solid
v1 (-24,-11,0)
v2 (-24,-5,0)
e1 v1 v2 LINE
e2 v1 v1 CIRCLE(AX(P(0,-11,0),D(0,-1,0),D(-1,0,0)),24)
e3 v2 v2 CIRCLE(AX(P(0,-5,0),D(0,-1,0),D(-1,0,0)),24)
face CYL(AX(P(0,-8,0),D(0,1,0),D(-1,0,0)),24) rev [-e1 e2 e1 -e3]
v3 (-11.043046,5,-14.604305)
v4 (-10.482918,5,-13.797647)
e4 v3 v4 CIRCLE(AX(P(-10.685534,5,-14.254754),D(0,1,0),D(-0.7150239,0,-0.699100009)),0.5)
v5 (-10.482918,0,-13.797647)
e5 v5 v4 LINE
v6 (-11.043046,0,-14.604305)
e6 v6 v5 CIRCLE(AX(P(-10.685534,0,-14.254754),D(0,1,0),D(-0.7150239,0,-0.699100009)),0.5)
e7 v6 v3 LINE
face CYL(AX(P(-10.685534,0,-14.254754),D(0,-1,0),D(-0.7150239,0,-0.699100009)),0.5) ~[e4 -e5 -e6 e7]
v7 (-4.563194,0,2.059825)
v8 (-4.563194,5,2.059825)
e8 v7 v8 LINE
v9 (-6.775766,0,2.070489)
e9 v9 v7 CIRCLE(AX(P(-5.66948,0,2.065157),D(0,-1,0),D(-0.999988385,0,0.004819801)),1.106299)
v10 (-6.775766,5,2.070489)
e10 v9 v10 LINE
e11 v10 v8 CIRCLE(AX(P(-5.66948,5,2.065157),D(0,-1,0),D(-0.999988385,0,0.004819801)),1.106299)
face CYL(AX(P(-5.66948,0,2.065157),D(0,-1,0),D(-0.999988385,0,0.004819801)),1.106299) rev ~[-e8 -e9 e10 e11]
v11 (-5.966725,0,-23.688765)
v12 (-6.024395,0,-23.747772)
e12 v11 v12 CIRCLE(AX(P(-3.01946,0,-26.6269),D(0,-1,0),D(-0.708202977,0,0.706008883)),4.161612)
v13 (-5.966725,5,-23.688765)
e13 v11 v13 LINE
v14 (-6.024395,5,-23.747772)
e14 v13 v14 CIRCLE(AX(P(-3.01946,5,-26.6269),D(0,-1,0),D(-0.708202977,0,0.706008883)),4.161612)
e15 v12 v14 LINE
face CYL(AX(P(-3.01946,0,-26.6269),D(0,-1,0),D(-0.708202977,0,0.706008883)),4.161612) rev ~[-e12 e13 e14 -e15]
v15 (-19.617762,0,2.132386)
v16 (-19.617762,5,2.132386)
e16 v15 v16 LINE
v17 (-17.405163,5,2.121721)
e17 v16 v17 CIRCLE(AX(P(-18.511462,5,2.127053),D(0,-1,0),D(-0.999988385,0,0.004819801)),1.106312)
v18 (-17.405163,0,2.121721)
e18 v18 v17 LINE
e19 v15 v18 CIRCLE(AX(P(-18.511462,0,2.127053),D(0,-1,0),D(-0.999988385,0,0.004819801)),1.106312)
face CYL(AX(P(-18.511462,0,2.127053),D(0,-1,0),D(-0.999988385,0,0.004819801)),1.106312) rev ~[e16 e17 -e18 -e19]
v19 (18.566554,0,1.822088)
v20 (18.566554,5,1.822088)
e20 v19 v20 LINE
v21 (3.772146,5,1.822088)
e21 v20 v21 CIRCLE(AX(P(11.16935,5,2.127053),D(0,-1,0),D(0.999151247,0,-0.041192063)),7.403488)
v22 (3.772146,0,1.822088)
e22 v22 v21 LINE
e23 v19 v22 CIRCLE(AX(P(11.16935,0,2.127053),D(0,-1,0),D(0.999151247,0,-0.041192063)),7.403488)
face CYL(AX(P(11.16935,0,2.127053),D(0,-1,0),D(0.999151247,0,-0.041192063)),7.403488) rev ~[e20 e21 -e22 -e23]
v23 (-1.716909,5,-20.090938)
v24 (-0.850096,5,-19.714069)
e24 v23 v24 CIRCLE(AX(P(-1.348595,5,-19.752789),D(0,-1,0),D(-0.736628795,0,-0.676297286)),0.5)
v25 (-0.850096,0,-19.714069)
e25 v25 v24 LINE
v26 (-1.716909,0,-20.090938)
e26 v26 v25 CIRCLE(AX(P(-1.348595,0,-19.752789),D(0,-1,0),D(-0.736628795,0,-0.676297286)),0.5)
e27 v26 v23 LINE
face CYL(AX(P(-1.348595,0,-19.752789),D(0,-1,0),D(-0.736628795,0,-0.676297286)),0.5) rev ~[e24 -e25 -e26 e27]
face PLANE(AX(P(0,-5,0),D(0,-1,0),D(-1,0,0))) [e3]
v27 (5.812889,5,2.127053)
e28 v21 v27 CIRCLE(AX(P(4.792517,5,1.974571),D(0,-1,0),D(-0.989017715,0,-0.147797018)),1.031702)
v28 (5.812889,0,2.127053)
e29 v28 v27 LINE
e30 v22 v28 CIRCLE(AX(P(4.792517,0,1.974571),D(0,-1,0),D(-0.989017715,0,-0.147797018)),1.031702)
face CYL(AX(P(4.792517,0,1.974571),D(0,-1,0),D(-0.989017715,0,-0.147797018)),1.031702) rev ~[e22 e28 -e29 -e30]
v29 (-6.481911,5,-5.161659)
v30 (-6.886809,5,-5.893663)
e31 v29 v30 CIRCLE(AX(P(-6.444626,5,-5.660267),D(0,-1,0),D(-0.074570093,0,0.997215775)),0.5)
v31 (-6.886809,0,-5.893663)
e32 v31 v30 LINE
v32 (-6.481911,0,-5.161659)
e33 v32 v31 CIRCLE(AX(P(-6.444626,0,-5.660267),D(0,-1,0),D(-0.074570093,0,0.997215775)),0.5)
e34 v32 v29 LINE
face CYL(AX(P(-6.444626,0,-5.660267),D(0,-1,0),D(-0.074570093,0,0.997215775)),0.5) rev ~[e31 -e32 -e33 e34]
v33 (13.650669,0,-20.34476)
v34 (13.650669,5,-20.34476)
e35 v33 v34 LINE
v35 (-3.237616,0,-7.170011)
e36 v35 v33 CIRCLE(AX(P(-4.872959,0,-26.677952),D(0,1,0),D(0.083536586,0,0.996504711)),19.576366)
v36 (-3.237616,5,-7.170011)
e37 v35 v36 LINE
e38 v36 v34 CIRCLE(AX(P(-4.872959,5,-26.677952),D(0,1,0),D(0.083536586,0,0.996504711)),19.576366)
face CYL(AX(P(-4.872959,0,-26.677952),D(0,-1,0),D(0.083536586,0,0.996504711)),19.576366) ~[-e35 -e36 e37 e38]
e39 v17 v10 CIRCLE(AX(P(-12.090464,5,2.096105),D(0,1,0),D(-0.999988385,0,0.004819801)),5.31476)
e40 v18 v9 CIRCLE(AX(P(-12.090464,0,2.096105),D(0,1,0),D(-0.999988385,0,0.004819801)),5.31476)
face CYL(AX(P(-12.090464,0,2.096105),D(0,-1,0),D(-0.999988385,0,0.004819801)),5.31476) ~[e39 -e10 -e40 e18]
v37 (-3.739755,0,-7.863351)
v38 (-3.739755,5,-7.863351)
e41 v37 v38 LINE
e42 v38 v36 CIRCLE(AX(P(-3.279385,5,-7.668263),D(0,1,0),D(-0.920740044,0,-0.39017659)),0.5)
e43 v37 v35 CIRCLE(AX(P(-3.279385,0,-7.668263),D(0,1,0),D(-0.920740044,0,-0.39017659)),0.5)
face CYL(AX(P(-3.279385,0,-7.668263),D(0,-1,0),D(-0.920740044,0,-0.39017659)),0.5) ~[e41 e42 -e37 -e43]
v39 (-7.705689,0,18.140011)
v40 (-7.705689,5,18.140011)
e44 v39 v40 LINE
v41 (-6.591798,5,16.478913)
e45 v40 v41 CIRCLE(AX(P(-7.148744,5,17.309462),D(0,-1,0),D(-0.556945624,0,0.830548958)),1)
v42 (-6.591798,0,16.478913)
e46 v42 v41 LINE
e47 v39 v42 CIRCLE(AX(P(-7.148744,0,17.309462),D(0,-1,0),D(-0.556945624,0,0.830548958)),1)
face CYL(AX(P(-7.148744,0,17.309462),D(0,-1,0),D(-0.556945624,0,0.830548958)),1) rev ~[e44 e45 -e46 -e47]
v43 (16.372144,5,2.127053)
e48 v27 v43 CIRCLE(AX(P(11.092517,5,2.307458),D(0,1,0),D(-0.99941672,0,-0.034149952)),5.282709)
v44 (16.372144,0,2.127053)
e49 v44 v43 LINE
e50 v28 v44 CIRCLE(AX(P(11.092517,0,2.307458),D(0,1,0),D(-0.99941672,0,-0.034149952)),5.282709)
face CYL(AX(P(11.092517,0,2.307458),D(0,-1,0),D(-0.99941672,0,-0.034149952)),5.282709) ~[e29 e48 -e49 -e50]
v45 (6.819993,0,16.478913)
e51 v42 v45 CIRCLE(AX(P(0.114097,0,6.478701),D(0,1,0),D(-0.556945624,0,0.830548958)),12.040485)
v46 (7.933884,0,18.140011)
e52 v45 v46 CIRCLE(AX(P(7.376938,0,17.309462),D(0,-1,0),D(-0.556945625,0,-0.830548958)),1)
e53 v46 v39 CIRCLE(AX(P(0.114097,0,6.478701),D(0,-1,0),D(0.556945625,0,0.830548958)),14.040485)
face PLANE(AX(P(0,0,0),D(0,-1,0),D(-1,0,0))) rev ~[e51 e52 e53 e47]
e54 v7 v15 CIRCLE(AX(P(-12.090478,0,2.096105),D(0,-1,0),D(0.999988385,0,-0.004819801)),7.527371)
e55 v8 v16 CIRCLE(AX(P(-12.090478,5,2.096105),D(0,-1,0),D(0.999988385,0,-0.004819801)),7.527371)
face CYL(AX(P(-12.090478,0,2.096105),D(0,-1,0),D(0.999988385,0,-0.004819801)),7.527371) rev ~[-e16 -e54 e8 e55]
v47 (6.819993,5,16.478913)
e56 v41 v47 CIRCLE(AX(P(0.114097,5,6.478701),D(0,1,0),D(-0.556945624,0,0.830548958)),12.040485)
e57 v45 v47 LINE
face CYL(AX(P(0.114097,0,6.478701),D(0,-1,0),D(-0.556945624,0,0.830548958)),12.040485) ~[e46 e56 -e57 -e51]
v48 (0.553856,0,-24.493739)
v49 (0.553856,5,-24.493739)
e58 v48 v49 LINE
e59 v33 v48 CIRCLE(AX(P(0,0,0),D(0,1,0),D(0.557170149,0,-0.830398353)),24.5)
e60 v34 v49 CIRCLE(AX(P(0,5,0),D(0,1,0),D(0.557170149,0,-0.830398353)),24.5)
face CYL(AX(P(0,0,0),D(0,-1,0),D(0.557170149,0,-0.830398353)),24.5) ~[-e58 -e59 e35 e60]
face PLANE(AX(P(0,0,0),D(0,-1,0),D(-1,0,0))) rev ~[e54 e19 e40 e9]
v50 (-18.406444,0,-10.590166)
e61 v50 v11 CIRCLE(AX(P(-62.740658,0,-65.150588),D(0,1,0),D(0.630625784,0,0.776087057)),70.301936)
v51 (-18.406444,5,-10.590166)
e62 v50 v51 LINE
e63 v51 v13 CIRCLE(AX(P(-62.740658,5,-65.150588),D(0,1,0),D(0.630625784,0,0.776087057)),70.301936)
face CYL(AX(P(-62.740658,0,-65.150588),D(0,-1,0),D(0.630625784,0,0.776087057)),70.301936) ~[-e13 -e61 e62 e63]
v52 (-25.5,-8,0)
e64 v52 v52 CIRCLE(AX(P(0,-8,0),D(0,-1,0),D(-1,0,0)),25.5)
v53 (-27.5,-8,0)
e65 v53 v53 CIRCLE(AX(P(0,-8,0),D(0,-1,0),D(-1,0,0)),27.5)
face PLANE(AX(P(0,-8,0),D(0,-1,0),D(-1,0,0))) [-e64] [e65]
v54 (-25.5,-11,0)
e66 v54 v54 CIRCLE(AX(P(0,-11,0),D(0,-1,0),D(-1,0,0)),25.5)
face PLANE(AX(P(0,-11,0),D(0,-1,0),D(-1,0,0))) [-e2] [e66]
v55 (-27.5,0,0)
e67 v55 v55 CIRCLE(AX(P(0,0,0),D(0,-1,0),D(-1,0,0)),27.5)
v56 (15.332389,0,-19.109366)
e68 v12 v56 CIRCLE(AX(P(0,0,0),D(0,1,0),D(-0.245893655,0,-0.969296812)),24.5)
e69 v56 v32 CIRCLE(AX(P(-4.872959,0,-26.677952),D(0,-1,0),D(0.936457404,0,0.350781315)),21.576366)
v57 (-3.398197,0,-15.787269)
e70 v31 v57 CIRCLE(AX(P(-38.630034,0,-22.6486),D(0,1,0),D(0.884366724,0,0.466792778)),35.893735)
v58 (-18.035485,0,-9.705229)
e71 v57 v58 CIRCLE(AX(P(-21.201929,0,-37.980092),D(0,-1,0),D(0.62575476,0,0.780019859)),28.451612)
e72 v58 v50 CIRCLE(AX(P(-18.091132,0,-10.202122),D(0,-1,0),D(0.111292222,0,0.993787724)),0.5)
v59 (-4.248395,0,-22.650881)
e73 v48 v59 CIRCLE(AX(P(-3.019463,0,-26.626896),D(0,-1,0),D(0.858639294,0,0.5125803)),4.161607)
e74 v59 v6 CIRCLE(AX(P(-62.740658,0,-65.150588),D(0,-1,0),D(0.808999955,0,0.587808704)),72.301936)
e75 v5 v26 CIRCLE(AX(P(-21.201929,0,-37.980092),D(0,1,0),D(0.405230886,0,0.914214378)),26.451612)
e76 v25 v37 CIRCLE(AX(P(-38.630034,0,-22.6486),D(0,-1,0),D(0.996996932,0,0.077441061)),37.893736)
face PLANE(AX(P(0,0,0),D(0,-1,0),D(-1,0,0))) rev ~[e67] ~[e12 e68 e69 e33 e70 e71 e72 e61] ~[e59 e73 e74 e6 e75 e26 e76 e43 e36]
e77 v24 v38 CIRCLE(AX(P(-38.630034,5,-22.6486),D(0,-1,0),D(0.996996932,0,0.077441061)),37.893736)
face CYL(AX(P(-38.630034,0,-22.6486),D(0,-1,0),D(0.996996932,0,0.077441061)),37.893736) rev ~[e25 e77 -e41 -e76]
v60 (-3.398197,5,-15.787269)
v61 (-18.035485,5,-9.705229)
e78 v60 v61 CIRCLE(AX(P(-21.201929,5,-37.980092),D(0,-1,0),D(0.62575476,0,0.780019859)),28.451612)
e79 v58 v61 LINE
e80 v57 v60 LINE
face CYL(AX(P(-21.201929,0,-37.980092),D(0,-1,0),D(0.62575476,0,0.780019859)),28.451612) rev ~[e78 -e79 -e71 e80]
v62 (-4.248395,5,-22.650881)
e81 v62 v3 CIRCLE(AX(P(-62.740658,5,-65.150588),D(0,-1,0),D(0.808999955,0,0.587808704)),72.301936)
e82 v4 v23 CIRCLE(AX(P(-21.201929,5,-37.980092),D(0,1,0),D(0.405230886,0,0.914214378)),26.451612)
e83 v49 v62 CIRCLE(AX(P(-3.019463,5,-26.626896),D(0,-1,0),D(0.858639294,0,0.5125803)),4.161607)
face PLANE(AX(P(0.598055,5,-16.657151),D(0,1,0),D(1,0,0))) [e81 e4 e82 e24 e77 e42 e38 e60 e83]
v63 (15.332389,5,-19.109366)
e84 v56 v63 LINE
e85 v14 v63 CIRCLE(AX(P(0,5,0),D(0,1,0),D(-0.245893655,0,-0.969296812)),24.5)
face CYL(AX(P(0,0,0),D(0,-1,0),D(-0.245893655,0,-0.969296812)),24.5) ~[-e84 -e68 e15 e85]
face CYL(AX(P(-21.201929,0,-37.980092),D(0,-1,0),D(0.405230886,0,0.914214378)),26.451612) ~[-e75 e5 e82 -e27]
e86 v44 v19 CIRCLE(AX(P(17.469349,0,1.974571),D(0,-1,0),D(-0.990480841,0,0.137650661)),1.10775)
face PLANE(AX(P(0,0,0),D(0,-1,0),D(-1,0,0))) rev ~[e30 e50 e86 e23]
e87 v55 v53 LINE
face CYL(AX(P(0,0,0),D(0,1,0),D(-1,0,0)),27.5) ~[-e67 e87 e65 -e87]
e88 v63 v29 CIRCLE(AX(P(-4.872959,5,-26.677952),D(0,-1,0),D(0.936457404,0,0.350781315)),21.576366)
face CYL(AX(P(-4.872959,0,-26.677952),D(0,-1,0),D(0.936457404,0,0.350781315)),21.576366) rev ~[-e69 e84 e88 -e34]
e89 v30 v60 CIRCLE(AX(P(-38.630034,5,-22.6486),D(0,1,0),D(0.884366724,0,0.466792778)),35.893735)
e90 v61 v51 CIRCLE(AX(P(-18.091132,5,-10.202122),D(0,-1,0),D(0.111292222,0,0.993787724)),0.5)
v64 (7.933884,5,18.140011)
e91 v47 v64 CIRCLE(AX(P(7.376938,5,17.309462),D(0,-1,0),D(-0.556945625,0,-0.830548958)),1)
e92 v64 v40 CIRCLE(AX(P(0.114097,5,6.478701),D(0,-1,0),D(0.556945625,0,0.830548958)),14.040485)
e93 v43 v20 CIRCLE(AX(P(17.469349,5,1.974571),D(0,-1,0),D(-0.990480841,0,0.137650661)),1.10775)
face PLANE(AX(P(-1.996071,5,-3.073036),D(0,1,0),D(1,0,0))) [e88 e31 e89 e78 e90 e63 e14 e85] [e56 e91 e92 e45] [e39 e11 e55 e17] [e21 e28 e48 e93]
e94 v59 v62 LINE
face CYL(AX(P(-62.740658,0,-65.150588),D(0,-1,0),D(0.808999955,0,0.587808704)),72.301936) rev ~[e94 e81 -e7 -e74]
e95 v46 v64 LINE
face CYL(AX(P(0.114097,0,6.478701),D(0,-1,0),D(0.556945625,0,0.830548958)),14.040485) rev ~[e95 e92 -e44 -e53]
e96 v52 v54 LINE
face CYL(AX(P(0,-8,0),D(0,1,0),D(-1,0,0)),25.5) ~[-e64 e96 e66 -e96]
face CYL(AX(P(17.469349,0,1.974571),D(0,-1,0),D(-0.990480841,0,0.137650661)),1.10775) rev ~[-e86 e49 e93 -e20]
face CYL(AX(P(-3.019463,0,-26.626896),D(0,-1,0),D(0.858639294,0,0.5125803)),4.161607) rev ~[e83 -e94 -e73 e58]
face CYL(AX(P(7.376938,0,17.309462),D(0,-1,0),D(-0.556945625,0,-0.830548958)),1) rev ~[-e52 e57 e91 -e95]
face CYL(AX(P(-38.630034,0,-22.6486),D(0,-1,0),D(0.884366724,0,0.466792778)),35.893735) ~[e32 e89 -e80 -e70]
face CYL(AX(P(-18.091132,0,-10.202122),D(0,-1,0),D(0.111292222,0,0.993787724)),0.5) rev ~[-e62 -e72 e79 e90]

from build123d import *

# Parameters (mm, degrees)
SALIENTE_EXTRUIR1_DEPTH   = 5
SALIENTE_EXTRUIR1_2_DEPTH = 5
CROQUIS2_R                = 27.5
SALIENTE_EXTRUIR2_DEPTH   = 8
CROQUIS3_R                = 25.5
CROQUIS3_R_2              = 24
SALIENTE_EXTRUIR3_DEPTH   = 3
CROQUIS4_R                = 24
CORTAR_EXTRUIR1_DEPTH     = 3


with BuildPart() as part:
    # Croquis1 → Saliente-Extruir1 (new body)
    with BuildSketch(Plane(origin=(0, 0, 0), x_dir=(1, 0, 0), z_dir=(0, 1, 0))):
        with BuildLine():
            ThreePointArc((-6.024394544, 23.747771903), (-5.19984533, -23.941838036), (15.332388636, 19.109365733))
            ThreePointArc((15.332388636, 19.109365733), (6.749911309, 8.499710515), (-6.481910722, 5.161659186))
            ThreePointArc((-6.481910722, 5.161659186), (-6.882152879, 5.418254788), (-6.886809038, 5.893663462))
            ThreePointArc((-6.886809038, 5.893663462), (-4.77910195, 10.712326415), (-3.398196642, 15.787269012))
            ThreePointArc((-3.398196642, 15.787269012), (-10.284746472, 11.706352258), (-18.035485402, 9.705228534))
            ThreePointArc((-18.035485402, 9.705228534), (-18.552255418, 10.008822773), (-18.406444405, 10.590165925))
            ThreePointArc((-18.406444405, 10.590165925), (-11.764118021, 16.738249367), (-5.966725479, 23.688765141))
            ThreePointArc((-5.966725479, 23.688765141), (-5.995706248, 23.718125601), (-6.024394544, 23.747771903))
        make_face()
        with BuildLine():
            ThreePointArc((-4.563193765, -2.059824722), (-12.054197272, -9.623389101), (-19.617761652, -2.132385594))
            ThreePointArc((-19.617761652, -2.132385594), (-18.516794481, -1.020754013), (-17.4051629, -2.121721183))
            ThreePointArc((-17.4051629, -2.121721183), (-12.064848376, -7.410803529), (-6.775766031, -2.070489005))
            ThreePointArc((-6.775766031, -2.070489005), (-5.67481204, -0.958870731), (-4.563193765, -2.059824722))
        make_face(mode=Mode.SUBTRACT)
        with BuildLine():
            ThreePointArc((7.93388408, -18.140011178), (0.114097404, -20.519185991), (-7.705689271, -18.140011178))
            ThreePointArc((-7.705689271, -18.140011178), (-7.979292605, -16.752516596), (-6.591798022, -16.478913263))
            ThreePointArc((-6.591798022, -16.478913263), (0.114097404, -18.519185991), (6.819992831, -16.478913263))
            ThreePointArc((6.819992831, -16.478913263), (8.207487413, -16.752516596), (7.93388408, -18.140011178))
        make_face(mode=Mode.SUBTRACT)
        with BuildLine():
            ThreePointArc((18.566554033, -1.822088449), (11.169349937, -9.530541219), (3.772145841, -1.822088449))
            ThreePointArc((3.772145841, -1.822088449), (4.944999806, -0.954199424), (5.812888831, -2.127053389))
            ThreePointArc((5.812888831, -2.127053389), (11.092516644, -7.59016676), (16.372144456, -2.127053389))
            ThreePointArc((16.372144456, -2.127053389), (17.316866775, -0.877366131), (18.566554033, -1.822088449))
        make_face(mode=Mode.SUBTRACT)
    extrude(amount=SALIENTE_EXTRUIR1_DEPTH)



with BuildPart() as body_2:
    # Croquis1 → Saliente-Extruir1 2 (new body)
    with BuildSketch(Plane(origin=(0, 0, 0), x_dir=(1, 0, 0), z_dir=(0, 1, 0))):
        with BuildLine():
            ThreePointArc((-3.237616322, 7.170010781), (7.168200526, 11.242778225), (13.650668654, 20.344759652))
            ThreePointArc((13.650668654, 20.344759652), (7.399029371, 23.35603486), (0.553855765, 24.493738869))
            ThreePointArc((0.553855765, 24.493738869), (-1.528467266, 22.741552063), (-4.248394951, 22.650881235))
            ThreePointArc((-4.248394951, 22.650881235), (-7.499015993, 18.503713558), (-11.043045611, 14.604304504))
            ThreePointArc((-11.043045611, 14.604304504), (-11.096230859, 13.969574186), (-10.482918218, 13.797647311))
            ThreePointArc((-10.482918218, 13.797647311), (-5.775579982, 16.492523924), (-1.716909146, 20.090938058))
            ThreePointArc((-1.716909146, 20.090938058), (-1.149234355, 20.211325601), (-0.850096282, 19.714068884))
            ThreePointArc((-0.850096282, 19.714068884), (-1.814955726, 13.671675172), (-3.739754637, 7.863351432))
            ThreePointArc((-3.739754637, 7.863351432), (-3.684337904, 7.37498369), (-3.237616322, 7.170010781))
        make_face()
    extrude(amount=SALIENTE_EXTRUIR1_2_DEPTH)


with BuildPart() as part_1:
    add(part.part)

    add(body_2.part)  # Saliente-Extruir2 merges body 2
    # Croquis2 → Saliente-Extruir2 (add)
    with BuildSketch(Plane(origin=(0, 0, 0), x_dir=(-1, 0, 0), z_dir=(0, -1, 0))):
        Circle(CROQUIS2_R)
    extrude(amount=SALIENTE_EXTRUIR2_DEPTH)

    # Croquis3 → Saliente-Extruir3 (add)
    with BuildSketch(Plane(origin=(0, -8, 0), x_dir=(-1, 0, 0), z_dir=(0, -1, 0))):
        Circle(CROQUIS3_R)
        Circle(CROQUIS3_R_2, mode=Mode.SUBTRACT)
    extrude(amount=SALIENTE_EXTRUIR3_DEPTH)

    # Croquis4 → Cortar-Extruir1 (cut)
    with BuildSketch(Plane(origin=(0, -8, 0), x_dir=(-1, 0, 0), z_dir=(0, -1, 0))):
        Circle(CROQUIS4_R)
    extrude(amount=-CORTAR_EXTRUIR1_DEPTH, mode=Mode.SUBTRACT)


solid = part_1.part
